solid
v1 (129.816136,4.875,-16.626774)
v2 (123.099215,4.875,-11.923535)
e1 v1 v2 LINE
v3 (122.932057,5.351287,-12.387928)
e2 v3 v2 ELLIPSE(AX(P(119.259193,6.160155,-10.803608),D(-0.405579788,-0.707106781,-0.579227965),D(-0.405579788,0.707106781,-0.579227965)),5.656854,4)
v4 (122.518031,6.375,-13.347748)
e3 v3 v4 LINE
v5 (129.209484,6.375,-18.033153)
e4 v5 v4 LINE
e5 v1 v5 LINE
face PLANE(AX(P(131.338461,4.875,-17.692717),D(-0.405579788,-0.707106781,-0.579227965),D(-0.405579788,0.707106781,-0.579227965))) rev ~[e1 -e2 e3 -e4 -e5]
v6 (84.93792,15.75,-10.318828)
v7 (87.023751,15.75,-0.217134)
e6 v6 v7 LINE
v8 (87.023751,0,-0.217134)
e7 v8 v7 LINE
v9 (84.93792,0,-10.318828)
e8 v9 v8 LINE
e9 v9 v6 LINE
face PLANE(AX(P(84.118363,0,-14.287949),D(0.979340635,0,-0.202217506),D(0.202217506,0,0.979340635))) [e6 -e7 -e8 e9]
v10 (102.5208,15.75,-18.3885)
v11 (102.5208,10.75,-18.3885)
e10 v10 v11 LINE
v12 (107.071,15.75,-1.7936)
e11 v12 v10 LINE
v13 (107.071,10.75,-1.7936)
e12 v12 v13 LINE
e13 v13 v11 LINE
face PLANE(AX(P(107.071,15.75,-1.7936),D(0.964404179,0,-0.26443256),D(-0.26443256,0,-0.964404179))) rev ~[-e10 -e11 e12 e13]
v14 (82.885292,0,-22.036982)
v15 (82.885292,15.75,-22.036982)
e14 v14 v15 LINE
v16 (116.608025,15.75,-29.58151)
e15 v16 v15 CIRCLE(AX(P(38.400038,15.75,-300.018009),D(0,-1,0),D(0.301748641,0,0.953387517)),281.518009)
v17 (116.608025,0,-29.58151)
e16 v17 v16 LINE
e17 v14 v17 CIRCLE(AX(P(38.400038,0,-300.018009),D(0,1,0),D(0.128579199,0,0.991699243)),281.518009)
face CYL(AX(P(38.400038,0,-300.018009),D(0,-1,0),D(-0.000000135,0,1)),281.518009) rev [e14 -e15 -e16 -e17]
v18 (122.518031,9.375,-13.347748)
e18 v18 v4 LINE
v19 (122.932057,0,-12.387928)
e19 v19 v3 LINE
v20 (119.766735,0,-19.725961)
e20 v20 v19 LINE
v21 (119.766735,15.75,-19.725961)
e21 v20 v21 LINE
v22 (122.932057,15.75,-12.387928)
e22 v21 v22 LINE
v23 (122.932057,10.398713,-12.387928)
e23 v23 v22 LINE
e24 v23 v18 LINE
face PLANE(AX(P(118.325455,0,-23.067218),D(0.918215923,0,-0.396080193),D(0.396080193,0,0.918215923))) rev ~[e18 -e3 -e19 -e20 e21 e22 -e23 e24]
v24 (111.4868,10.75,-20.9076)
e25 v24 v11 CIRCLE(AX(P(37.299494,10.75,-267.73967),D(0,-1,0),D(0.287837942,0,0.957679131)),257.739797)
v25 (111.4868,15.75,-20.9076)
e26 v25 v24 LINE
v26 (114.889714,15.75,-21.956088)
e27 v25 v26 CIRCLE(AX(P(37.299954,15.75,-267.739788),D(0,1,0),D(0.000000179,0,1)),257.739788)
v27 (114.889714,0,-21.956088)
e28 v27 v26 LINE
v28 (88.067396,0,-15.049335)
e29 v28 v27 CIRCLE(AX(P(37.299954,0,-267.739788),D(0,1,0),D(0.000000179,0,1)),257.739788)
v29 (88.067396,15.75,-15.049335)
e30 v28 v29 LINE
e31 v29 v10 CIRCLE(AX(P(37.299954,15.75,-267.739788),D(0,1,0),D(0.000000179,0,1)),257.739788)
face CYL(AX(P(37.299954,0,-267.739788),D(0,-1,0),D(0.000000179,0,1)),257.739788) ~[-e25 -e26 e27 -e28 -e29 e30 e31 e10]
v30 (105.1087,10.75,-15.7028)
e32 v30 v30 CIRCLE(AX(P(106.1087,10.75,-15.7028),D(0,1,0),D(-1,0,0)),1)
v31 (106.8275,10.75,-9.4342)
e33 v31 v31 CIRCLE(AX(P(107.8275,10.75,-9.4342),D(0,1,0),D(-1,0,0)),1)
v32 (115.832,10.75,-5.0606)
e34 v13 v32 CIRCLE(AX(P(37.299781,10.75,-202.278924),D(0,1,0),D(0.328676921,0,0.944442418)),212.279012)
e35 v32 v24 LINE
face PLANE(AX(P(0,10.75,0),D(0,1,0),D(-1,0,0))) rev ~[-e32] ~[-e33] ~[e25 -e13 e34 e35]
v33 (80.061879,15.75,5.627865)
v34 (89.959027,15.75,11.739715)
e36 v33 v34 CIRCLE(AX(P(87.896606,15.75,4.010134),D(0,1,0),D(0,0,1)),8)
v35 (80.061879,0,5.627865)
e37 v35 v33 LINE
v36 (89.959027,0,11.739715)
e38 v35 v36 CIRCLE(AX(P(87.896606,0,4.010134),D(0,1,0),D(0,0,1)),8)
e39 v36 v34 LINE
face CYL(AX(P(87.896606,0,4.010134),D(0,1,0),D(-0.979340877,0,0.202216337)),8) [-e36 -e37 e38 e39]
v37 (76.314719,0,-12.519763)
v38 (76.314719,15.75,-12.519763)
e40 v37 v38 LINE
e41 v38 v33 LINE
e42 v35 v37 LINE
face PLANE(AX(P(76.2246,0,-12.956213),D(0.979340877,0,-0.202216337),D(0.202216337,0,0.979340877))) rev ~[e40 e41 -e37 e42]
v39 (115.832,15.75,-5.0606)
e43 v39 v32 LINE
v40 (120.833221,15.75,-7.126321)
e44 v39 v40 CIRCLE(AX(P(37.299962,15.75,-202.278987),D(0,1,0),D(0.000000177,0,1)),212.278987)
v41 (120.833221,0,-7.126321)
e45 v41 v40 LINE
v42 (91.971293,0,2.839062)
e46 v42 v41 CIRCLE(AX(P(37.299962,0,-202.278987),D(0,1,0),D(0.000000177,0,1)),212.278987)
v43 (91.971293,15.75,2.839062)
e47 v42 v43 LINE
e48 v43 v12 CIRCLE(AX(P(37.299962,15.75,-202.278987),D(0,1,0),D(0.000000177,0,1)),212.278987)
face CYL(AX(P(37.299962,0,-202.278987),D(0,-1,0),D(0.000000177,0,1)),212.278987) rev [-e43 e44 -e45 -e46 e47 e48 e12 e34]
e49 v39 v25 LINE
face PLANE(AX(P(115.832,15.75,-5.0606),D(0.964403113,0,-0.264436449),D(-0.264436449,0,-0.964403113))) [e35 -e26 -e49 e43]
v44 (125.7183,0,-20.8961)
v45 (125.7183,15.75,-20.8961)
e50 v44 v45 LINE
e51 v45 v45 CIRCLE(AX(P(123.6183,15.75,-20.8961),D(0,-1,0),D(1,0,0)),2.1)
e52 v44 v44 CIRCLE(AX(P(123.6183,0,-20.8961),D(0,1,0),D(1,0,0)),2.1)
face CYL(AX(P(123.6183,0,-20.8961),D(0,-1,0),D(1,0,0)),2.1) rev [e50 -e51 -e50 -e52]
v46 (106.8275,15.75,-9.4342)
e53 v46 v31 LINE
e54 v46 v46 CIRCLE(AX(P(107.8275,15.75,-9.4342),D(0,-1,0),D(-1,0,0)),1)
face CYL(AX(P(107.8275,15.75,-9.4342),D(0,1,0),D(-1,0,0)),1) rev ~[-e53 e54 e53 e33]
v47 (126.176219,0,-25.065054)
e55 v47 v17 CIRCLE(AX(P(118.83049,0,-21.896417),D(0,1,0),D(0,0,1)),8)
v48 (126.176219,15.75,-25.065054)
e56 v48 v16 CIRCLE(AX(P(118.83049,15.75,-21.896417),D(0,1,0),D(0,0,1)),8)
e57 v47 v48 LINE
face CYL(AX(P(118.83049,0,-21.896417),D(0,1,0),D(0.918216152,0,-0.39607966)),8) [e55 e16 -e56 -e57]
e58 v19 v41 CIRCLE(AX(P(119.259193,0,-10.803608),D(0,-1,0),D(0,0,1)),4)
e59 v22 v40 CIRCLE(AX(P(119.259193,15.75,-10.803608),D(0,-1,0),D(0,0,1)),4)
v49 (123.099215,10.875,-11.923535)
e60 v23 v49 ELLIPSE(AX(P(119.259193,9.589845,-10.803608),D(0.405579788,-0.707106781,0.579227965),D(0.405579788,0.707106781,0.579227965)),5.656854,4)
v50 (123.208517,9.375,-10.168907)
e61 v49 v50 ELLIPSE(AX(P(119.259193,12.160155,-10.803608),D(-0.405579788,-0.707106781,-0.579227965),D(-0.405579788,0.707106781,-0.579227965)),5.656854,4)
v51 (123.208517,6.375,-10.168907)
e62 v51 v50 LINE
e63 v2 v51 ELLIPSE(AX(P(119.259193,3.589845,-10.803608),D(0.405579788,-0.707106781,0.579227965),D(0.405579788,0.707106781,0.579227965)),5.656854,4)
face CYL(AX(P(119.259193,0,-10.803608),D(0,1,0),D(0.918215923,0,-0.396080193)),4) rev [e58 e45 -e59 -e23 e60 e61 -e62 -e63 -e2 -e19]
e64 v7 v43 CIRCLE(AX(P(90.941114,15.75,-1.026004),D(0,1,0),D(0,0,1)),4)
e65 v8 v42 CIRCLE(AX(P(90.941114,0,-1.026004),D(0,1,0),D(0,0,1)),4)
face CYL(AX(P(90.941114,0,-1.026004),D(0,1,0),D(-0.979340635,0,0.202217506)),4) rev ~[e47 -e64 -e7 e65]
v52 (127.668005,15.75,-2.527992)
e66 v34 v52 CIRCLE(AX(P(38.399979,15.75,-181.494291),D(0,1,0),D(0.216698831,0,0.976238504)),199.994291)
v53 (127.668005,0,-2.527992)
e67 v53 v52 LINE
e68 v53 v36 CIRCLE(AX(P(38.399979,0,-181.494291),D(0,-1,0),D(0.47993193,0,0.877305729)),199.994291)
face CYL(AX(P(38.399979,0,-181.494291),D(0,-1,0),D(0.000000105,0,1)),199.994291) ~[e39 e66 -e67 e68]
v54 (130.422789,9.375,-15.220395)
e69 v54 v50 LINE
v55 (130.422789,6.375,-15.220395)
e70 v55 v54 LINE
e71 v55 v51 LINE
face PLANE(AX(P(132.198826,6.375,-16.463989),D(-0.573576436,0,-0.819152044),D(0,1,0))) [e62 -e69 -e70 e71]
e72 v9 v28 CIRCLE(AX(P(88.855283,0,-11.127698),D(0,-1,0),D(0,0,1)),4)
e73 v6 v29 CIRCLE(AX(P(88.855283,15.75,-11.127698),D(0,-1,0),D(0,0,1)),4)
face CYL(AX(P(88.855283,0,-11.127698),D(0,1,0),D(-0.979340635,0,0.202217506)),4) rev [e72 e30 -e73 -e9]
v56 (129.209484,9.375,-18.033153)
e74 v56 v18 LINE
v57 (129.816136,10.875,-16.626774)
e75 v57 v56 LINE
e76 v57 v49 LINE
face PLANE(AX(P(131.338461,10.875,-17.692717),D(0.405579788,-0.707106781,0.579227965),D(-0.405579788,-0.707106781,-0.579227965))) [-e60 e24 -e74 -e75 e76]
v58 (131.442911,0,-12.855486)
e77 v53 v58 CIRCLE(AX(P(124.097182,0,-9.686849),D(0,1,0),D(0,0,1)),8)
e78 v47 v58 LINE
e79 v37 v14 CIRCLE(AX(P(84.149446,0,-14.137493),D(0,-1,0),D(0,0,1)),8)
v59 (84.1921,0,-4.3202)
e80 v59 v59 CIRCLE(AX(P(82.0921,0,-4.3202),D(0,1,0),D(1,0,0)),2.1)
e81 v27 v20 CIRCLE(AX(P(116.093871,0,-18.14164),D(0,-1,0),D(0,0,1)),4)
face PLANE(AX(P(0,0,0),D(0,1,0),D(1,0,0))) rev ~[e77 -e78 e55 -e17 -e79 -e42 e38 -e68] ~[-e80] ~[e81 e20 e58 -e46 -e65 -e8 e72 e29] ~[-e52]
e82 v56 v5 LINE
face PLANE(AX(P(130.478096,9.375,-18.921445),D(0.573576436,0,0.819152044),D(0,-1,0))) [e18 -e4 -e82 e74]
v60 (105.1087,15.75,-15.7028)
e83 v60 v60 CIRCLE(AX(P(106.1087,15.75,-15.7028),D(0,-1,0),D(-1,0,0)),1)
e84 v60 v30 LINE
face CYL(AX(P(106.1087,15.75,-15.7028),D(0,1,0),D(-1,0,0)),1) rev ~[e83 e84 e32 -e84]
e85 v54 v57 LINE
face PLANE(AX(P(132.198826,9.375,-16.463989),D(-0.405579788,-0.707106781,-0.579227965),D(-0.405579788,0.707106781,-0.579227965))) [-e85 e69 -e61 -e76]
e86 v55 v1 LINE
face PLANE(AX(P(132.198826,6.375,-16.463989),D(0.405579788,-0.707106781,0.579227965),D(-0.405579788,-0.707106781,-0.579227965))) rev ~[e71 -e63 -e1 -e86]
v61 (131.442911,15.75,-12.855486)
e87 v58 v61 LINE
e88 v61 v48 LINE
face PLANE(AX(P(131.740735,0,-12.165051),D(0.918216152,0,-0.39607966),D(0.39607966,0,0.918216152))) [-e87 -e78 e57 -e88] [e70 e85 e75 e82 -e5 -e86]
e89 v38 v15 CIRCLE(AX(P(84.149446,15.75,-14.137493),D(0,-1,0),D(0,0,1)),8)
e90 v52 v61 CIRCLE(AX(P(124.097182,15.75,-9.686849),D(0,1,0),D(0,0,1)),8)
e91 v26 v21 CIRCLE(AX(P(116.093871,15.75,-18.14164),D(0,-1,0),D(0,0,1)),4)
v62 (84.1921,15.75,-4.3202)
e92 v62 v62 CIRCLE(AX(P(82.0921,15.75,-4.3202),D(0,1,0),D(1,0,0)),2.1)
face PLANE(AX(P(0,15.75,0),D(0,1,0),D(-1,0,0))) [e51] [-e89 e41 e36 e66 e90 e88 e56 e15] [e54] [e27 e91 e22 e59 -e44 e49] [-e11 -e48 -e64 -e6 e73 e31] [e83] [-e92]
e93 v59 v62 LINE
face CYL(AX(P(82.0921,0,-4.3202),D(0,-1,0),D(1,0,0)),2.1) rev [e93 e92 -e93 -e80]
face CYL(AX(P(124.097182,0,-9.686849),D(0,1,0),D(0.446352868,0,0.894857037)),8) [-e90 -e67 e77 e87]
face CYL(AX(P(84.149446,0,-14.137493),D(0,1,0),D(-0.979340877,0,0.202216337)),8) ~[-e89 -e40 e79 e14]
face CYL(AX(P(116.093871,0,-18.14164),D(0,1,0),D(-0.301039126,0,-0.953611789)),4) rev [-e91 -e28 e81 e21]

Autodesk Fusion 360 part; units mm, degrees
sketch "Sketch1" plane through (0, 0, 0) normal (0, 1, 0) x (1, 0, 0)
  line L0 (159.1401, 45.7067) -> (169.6952, 30.6325) construction
  line L1 (-17.5, 10) -> (-10.1, 10)
  line L2 (-18.6, 18.5) -> (-18.6, -18.5)
  line L3 (-17.5, 10) -> (-18.6, 10)
  circle A0 centre (0, 0) radius 2.5
  line L4 (74.5974, 20.8368) -> (81.7385, -13.7478)
  arc A1 (38.4, 18.5) -> (169.9824, 51.1436) centre (38.4, 300.018) ccw
  line L5 (169.9824, 51.1436) -> (178.5861, 38.8564)
  arc A2 (37.3, 10) -> (161.7212, 42.0206) centre (37.3, 267.7398) ccw
  line L6 (-10.1, -10) -> (29.9, -10)
  line L7 (-10.1, 10) -> (-10.1, -10)
  line L8 (29.9, 10) -> (-10.1, 10)
  line L9 (-17.5, -10) -> (-18.6, -10)
  line L10 (-17.5, -10) -> (-17.5, 10)
  line L11 (29.9, -10) -> (29.9, 10)
  line L12 (38.4, -18.5) -> (38.4, 18.5) construction
  line L13 (161.7212, 42.0206) -> (167.1141, 34.3187)
  line L14 (82.53, 21.9804) -> (89.5169, -11.8572)
  line L15 (9.9, -10) -> (9.9, -18.5) construction
  arc A3 (38.4, -18.5) -> (178.5861, 38.8564) centre (38.4, 181.4943) ccw
  line L16 (124.5058, 8.7395) -> (125.8994, 25.7068) construction
  line L17 (0, 0) -> (174.2843, 45) construction
  line L18 (-18.6, -18.5) -> (38.4, -18.5)
  line L19 (115.6359, 29.3023) -> (127.2705, 2.3303)
  line L20 (-10.1, -10) -> (-17.5, -10)
  line L21 (-10.1, 10) -> (-10.1, -10)
  line L22 (169.6952, 30.6325) -> (169.9824, 51.1436) construction
  line L23 (29.9, 10) -> (29.9, -10)
  line L24 (123.3477, 31.6223) -> (134.3836, 6.0382)
  arc A4 (37.3, -10) -> (167.1141, 34.3187) centre (37.3, 202.279) ccw
  line L25 (29.9, -10) -> (37.3, -10)
  line L26 (9.9, 10) -> (9.9, 18.5) construction
  line L27 (159.1401, 45.7067) -> (178.5861, 38.8564) construction
  line L28 (37.3, -10) -> (37.3, 10)
  line L29 (80.0659, -5.6475) -> (84.1183, 14.2879) construction
  line L30 (37.3, 10) -> (29.9, 10)
  line L31 (38.4, 18.5) -> (-18.6, 18.5)
  circle A5 centre (82.0921, 4.3202) radius 2.1
  circle A6 centre (125.2026, 17.2232) radius 2.1
  circle A7 centre (123.6183, 20.8961) radius 2.1
  point P0 (125.2026, 17.2232)
  point P1 (174.2843, 45)
  point P2 (37.3, 0)
  point P3 (82.0921, 4.3202)
  point P4 (-6.8918, -8.1801)
  point P5 (169.8534, 41.9327)
  point P6 (9.9, 13.85)
  dimension "d1" = 5
  dimension "d2" = 10.1
  dimension "d3" = 40
  dimension "d4" = 20
  dimension "d5" = 10
  dimension "d6" = 7.4
  dimension "d7" = 8.5
  dimension "d8" = 8.5
  dimension "d9" = 8.5
  dimension "d10" = 8.5
  dimension "d11" = 180
  dimension "d12" = 45
  dimension "d13" = 35
  dimension "d14" = 15
  dimension "d15" = 12
  dimension "d16" = 4.5
  dimension "d17" = 4.5
  dimension "d18" = 8
  dimension "d19" = 8
  dimension "d20" = 45
  dimension "d21" = 45
  dimension "d22" = 11.667
  dimension "d23" = 11.667
  dimension "d24" = 27.7
  dimension "d25" = 13.85
  dimension "d32" = 4.2
  dimension "d53" = 4
  dimension "d54" = 4
extrude "Extrude1" add sketch "Sketch1" along normal blind 15.75 contours L4 A2 L14 A4 | L4 A1 A2 L14 | L4 L14 A3 A4 | A1 A2 L14 L19 | L14 A3 L19 A4 | A1 A2 L19 L24 | A2 L19 L24 A4 | A3 L19 L24 A4 | A6 A7 picked at (125.6121, 16.5727)
fillet "Fillet1" radius 4 4 edges at (84.1183, 7.875, -14.2879) (87.8714, 7.875, 3.8882) (124.5058, 7.875, -8.7395) (118.3255, 7.875, -23.0672)
fillet "Fillet2" radius 8 4 edges at (81.7385, 7.875, 13.7478) (74.5974, 7.875, -20.8368) (123.3477, 7.875, -31.6223) (134.3836, 7.875, -6.0382)
sketch "Sketch3" plane through (0, 15.75, 0) normal (0, 1, 0) x (-1, 0, 0)
  arc A0 (-127.668, -2.528) -> (-131.4429, -12.8555) centre (-124.0972, -9.6868) ccw
  line L0 (-131.4429, -12.8555) -> (-126.1762, -25.0651)
  arc A1 (-126.1762, -25.0651) -> (-116.608, -29.5815) centre (-118.8305, -21.8964) ccw
  arc A2 (-82.8853, -22.037) -> (-116.608, -29.5815) centre (-38.4, -300.018) ccw
  arc A3 (-82.8853, -22.037) -> (-76.3147, -12.5198) centre (-84.1494, -14.1375) ccw
  line L1 (-76.3147, -12.5198) -> (-80.0619, 5.6279)
  arc A4 (-80.0619, 5.6279) -> (-89.959, 11.7397) centre (-87.8966, 4.0101) ccw
  arc A5 (-89.959, 11.7397) -> (-127.668, -2.528) centre (-38.4, -181.4943) ccw
  circle A6 centre (-82.0921, -4.3202) radius 2.1
  arc A7 (-88.0674, -15.0493) -> (-114.8897, -21.9561) centre (-37.3, -267.7398) ccw
  arc A8 (-119.7668, -19.726) -> (-114.8897, -21.9561) centre (-116.0939, -18.1416) ccw
  line L2 (-119.7668, -19.726) -> (-122.9321, -12.3879)
  arc A9 (-120.8332, -7.1263) -> (-122.9321, -12.3879) centre (-119.2592, -10.8036) ccw
  arc A10 (-91.9713, 2.8391) -> (-120.8332, -7.1263) centre (-37.3, -202.279) ccw
  arc A11 (-87.0237, -0.2171) -> (-91.9713, 2.8391) centre (-90.9411, -1.026) ccw
  line L3 (-87.0237, -0.2171) -> (-84.9379, -10.3188)
  arc A12 (-88.0674, -15.0493) -> (-84.9379, -10.3188) centre (-88.8553, -11.1277) ccw
  line L4 (-114.8965, -4.6907) -> (-110.5283, -20.6216)
  line L5 (-110.5812, -20.4287) -> (-103.5285, -18.4949)
  line L6 (-103.5285, -18.4949) -> (-107.0323, -5.7165)
  line L7 (-107.0323, -5.7165) -> (-114.085, -7.6503)
  line L8 (-115.832, -5.0606) -> (-111.4868, -20.9076)
  line L9 (-107.071, -1.7936) -> (-102.5208, -18.3885)
  circle A13 centre (-107.8275, -9.4342) radius 1
  circle A14 centre (-106.1087, -15.7028) radius 1
  line L10 (-107.8275, -9.4342) -> (-106.1087, -15.7028)
  circle A15 centre (-123.6183, -20.8961) radius 2.1
  point P0 (-110.5283, -20.6216)
  point P1 (-106.9681, -12.5685)
  dimension "d33" = 8
  dimension "d34" = 0.2
  dimension "d35" = 10
  dimension "d36" = 13.25
  dimension "d37" = 7.313
  dimension "d38" = 1
  dimension "d39" = 1
  dimension "d40" = 6.5
  dimension "d41" = 6.625
  dimension "d42" = 1.75
  dimension "d43" = 2
extrude "Extrude2" add sketch "Sketch3" against normal blind 5 contours A7 A10 L4 L5 L6 L7 L9 | A7 A10 L4 L8 | L4 L5 L6 L7
ref_plane "WorkPlane1" through (126.1762, 7.875, -25.0651) normal (-0.819152, 0, 0.573576) x (0, -1, 0)
sketch "Sketch5" plane through (96.4423, 0, -67.5296) normal (-0.819152, 0, 0.573576) x (0, -1, 0)
  line L0 (-6.375, 62.3396) -> (-9.375, 62.3396)
  line L1 (-9.375, 62.3396) -> (-9.375, 59.3396)
  line L2 (-9.375, 59.3396) -> (-6.375, 59.3396)
  line L3 (-6.375, 59.3396) -> (-6.375, 62.3396)
  line L4 (-9.375, 62.3396) -> (-10.875, 60.8396)
  line L5 (-10.875, 60.8396) -> (-9.375, 59.3396)
  line L6 (-6.375, 62.3396) -> (-4.875, 60.8396)
  line L7 (-4.875, 60.8396) -> (-6.375, 59.3396)
  line L8 (-7.875, 63.0141) -> (-7.875, 45.7648) construction
  line L9 (0, 51.8396) -> (0, 64.862)
  line L10 (-15.75, 51.8396) -> (0, 51.8396)
  dimension "d57" = 45
  dimension "d58" = 45
  dimension "d59" = 3
  dimension "d60" = 7.875
  dimension "d61" = 1.5
  dimension "d62" = 7.5
extrude "Extrude4" cut sketch "Sketch5" along normal blind 17
equation "d41 = d36 / 2"
equation "d53 = d19 / 2"
equation "d56 = 90 deg - 35 deg"
equation "d60 = ( 15.75 / 2 ) * 1 mm"
equation "d61 = d59 / 2"
